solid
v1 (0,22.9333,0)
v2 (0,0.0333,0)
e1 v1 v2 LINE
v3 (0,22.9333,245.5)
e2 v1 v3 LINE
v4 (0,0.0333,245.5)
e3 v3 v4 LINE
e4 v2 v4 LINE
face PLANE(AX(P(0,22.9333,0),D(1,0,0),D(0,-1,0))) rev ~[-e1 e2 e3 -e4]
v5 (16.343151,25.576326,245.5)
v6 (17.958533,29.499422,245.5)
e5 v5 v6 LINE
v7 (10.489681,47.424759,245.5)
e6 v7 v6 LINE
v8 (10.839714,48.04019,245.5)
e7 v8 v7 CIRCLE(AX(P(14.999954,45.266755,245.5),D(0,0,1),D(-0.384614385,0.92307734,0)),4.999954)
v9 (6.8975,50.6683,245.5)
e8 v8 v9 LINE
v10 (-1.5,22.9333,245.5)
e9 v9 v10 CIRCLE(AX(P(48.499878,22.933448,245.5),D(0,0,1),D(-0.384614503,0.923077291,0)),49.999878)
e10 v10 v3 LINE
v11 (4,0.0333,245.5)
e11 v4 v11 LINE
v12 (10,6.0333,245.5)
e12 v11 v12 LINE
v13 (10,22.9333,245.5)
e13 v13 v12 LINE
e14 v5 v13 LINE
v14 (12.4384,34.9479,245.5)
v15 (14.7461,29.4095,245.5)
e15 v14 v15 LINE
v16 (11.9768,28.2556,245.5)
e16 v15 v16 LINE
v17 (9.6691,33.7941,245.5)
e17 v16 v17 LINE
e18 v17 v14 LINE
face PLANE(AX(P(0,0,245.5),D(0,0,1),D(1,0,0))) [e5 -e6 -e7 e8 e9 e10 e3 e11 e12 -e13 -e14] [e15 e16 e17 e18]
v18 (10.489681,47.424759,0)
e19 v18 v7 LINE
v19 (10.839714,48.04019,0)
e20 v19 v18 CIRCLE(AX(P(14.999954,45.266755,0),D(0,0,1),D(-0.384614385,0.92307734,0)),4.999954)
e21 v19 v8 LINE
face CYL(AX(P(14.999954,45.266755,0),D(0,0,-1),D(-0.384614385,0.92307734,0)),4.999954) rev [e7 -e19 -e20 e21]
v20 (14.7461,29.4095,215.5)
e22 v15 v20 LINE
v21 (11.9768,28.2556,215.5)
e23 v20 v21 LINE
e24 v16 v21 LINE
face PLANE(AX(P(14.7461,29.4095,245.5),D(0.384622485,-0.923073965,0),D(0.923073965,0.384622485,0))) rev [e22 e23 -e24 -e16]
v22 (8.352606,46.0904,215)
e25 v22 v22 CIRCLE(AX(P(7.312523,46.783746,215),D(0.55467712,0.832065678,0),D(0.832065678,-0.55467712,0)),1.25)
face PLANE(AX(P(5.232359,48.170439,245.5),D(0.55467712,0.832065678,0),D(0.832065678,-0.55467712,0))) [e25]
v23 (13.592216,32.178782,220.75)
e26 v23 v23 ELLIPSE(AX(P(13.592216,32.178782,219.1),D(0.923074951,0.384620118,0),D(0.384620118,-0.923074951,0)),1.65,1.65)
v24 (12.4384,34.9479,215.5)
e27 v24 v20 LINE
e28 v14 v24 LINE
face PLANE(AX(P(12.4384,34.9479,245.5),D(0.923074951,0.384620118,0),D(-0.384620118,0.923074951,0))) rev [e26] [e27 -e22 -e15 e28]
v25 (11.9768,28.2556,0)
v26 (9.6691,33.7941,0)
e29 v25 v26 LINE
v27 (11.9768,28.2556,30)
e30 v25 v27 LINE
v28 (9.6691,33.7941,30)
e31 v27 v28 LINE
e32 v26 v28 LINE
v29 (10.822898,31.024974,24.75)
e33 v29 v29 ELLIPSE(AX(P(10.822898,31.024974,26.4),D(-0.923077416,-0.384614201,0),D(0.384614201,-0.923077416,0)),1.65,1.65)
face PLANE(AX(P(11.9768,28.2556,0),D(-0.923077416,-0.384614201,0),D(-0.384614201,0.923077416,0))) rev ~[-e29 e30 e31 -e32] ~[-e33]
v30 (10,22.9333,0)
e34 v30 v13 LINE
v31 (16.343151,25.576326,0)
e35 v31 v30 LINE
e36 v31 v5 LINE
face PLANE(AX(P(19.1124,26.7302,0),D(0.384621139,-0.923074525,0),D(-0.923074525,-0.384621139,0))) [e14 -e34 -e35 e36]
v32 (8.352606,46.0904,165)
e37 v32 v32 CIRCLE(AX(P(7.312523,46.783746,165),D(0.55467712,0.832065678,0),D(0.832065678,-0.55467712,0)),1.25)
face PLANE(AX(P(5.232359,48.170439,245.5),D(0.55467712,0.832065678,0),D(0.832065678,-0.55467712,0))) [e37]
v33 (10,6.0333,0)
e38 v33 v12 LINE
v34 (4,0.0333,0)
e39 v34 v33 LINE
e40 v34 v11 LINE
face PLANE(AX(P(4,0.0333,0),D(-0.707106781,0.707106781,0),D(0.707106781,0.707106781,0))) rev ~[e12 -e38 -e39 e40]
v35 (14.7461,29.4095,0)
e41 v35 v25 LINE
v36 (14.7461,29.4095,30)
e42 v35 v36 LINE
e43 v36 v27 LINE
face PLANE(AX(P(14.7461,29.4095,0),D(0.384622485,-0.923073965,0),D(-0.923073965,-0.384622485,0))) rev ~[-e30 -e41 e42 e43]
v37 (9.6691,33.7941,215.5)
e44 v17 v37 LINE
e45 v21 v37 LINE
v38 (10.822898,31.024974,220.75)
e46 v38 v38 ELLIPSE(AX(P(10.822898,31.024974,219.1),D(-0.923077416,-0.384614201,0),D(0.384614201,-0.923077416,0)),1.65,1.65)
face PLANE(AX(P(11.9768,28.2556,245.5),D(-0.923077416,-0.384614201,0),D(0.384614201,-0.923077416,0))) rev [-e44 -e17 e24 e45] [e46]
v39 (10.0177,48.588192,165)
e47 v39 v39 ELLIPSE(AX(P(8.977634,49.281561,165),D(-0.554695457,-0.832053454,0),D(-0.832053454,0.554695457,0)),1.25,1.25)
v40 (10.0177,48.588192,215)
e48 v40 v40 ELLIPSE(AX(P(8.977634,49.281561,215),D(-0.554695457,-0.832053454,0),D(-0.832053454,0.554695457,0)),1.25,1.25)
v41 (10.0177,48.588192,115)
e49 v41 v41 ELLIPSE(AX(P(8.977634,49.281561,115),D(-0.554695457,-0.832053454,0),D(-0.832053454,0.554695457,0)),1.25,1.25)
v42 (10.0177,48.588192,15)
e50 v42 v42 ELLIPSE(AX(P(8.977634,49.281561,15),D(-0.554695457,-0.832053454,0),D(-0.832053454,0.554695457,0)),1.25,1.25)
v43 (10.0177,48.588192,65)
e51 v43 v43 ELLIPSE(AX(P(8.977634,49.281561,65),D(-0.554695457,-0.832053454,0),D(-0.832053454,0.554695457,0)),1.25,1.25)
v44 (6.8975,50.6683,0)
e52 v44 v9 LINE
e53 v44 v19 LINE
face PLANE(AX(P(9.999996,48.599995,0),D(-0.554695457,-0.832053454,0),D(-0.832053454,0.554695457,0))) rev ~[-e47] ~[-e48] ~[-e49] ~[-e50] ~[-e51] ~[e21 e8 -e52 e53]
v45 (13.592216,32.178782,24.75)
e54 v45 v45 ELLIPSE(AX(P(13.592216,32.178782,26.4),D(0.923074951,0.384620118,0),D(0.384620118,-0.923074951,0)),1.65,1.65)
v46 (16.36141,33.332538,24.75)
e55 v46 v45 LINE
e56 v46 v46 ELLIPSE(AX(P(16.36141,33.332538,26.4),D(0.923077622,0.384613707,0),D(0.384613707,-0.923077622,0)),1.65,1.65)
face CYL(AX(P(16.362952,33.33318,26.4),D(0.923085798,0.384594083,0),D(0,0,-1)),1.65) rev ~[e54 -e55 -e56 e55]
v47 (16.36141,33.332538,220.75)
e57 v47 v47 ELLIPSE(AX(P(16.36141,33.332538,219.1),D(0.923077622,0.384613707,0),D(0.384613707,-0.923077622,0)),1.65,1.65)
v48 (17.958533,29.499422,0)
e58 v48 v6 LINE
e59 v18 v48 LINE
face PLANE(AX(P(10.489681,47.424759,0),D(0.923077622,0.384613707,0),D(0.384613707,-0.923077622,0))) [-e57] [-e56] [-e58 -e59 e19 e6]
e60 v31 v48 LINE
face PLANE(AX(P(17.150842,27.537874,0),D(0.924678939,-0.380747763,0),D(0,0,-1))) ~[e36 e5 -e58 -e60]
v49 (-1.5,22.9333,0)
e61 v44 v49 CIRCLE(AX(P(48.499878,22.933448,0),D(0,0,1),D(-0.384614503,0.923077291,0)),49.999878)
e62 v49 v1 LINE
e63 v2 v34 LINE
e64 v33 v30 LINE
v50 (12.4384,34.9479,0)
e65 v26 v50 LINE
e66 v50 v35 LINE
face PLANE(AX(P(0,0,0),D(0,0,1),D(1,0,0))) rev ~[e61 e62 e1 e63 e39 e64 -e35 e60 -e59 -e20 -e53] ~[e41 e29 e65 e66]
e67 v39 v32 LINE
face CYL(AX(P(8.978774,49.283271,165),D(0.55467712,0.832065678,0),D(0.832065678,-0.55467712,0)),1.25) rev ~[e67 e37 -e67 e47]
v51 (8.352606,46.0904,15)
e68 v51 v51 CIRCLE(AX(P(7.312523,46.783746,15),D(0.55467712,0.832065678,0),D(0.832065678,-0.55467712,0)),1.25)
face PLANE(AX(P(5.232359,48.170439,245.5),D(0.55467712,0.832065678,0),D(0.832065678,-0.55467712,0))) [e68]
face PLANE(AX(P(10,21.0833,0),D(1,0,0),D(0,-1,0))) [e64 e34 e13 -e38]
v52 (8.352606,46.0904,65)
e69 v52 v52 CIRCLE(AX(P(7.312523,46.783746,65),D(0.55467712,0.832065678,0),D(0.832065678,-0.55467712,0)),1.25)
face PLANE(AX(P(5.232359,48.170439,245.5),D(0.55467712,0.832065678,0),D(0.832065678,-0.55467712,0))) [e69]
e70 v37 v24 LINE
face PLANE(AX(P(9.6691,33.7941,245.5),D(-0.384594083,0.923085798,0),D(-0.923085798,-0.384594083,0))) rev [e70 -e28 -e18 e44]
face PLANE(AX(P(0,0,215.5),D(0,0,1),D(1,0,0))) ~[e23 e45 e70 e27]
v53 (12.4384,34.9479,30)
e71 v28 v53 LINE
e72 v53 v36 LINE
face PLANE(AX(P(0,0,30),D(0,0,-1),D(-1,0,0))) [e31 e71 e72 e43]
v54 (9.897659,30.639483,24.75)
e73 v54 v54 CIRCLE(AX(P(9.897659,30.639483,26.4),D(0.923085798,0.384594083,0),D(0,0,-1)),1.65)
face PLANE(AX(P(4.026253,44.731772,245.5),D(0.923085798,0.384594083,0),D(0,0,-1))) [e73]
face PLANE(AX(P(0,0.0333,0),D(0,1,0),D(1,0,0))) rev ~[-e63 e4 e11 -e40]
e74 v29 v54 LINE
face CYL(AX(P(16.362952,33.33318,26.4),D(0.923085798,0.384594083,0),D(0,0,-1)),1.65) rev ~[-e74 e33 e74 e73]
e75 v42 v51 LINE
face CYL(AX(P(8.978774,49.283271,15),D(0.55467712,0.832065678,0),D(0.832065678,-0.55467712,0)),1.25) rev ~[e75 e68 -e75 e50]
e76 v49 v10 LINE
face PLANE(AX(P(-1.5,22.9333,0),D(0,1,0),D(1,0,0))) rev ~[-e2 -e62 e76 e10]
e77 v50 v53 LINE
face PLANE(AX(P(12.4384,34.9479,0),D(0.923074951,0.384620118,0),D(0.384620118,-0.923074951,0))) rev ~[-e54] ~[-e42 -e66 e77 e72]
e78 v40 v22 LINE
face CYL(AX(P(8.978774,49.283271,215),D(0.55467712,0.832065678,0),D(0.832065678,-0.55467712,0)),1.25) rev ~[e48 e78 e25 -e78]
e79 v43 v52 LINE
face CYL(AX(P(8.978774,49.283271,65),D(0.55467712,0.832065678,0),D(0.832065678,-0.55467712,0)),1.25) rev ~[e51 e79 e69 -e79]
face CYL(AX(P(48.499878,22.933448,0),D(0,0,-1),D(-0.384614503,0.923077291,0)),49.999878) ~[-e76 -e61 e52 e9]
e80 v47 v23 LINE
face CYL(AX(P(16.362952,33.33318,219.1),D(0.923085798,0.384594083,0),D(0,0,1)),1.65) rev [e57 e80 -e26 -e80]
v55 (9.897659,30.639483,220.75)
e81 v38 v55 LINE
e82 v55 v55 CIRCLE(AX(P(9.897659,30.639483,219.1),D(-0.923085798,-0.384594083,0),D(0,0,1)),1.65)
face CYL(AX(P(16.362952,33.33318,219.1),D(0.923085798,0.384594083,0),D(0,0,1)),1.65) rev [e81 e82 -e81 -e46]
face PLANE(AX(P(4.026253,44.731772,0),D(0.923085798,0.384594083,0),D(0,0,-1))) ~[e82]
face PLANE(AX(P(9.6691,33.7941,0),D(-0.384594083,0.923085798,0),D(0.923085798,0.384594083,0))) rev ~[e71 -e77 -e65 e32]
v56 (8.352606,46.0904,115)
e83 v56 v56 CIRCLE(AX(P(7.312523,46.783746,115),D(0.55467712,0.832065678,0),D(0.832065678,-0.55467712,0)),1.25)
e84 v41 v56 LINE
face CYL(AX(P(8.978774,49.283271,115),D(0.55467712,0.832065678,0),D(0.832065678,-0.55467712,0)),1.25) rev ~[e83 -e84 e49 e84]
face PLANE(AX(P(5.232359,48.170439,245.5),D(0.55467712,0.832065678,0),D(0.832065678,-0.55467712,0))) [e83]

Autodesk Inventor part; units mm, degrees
ref_plane "YZ Plane" through (0, 0, 0) normal (1, 0, 0) x (0, 1, 0)
ref_plane "Work Plane1" through (0, 0, 0) normal (0, 0, 1) x (1, 0, 0)
sketch "Sketch1" plane through (0, 0, 0) normal (0, 0, 1) x (1, 0, 0)
  line L0 (10, 0) -> (-1.5, 0) projected
  line L1 (10, 45.2667) -> (10, 0) projected
  arc A0 (13.0769, 49.8821) -> (10, 45.2667) centre (15, 45.2667) ccw projected
  line L2 (54.8615, 67.2923) -> (13.0769, 49.8821) projected
  line L3 (50.4385, 77.9077) -> (54.8615, 67.2923) projected
  line L4 (50.4385, 77.9077) -> (29.2692, 69.0872) projected
  arc A1 (29.2692, 69.0872) -> (-1.5, 22.9333) centre (48.5, 22.9333) ccw projected
  line L5 (-1.5, 0) -> (-1.5, 22.9333) projected
  line L6 (15, 45.2667) -> (6.8975, 50.6683)
  line L7 (10, 48.6) -> (19.7692, 25.1538) projected
  line L8 (35.4, 31.6667) -> (10, 21.0833) projected
  line L9 (19.1124, 26.7302) -> (10, 22.9333)
  line L10 (-1.5, 22.9333) -> (10, 22.9333)
  line L11 (-1.5, 22.9333) -> (0, 22.9333)
  line L12 (0, 22.9333) -> (0, -23.4445)
  line L13 (0, -23.4445) -> (-1.5, -23.4445)
  line L14 (-1.5, -23.4445) -> (-1.5, 22.9333)
  line L15 (0, 0.0333) -> (4, 0.0333)
  line L16 (4, 0.0333) -> (10, 6.0333)
  point P0 (0, 0)
  point P1 (10.4897, 47.4247)
  point P2 (10.8397, 48.0402)
  point P3 (10, 48.6)
  point P4 (0, 22.9333)
  dimension "d3" = 1.5
  dimension "d4" = 4
  dimension "d5" = 45
  dimension "d6" = 22.9
extrude "Extrusion1" add sketch "Sketch1" along normal blind 245.5 contours L16 L15 L12 L10 L1 | A1 L6 L7 A0 L1 L10 | L1 A0 L7 L9 | L6 A0 L7
sketch "Sketch2" plane through (6.8975, 50.6683, 245.5) normal (0.5547, 0.8321, 0) x (0.8321, -0.5547, 0)
  line L0 (4.738, 245.5) -> (0, 245.5) projected
  line L1 (0, 245.5) -> (0, 0) projected
  line L2 (4.738, 0) -> (0, 0) projected
  line L3 (4.738, 245.5) -> (4.738, 0) projected
  circle A0 centre (2.5, 230.5) radius 1.25
  circle A1 centre (2.5, 180.5) radius 1.25
  circle A2 centre (2.5, 130.5) radius 1.25
  circle A3 centre (2.5, 80.5) radius 1.25
  circle A4 centre (2.5, 30.5) radius 1.25
  point P0 (22.3667, 245.5)
  dimension "d7" = 2.5
  dimension "d8" = 2.5
  dimension "d9" = 15
  dimension "d12" = 50
extrude "Extrusion2" cut sketch "Sketch2" against normal blind 3 contours A0 | A1 | A2 | A3 | A4
sketch "Sketch3" plane through (0, 0, 0) normal (0, 0, -1) x (-1, 0, 0)
  line L0 (-10, 6.0333) -> (-10, 22.9333) projected
  line L1 (-4, 0.0333) -> (-10, 6.0333) projected
  line L2 (0, 0.0333) -> (-4, 0.0333) projected
  line L3 (0, 22.9333) -> (0, 0.0333) projected
  line L4 (1.5, 22.9333) -> (0, 22.9333) projected
  arc A0 (1.5, 22.9333) -> (-6.8975, 50.6683) centre (-48.5, 22.9333) ccw projected
  line L5 (-10.8397, 48.0402) -> (-6.8975, 50.6683) projected
  arc A1 (-10.4897, 47.4247) -> (-10.8397, 48.0402) centre (-15, 45.2667) ccw projected
  line L6 (-19.1124, 26.7302) -> (-10.4897, 47.4247) projected
  line L7 (-10, 22.9333) -> (-19.1124, 26.7302) projected
  line L8 (-12.4384, 34.9479) -> (-14.7461, 29.4095)
  line L9 (-14.7461, 29.4095) -> (-11.9768, 28.2556)
  line L10 (-11.9768, 28.2556) -> (-9.6691, 33.7941)
  line L11 (-9.6691, 33.7941) -> (-12.4384, 34.9479)
  point P0 (0, 0)
  dimension "d19" = 12.7
  dimension "d20" = 6
  dimension "d21" = 3
  dimension "d22" = 3
extrude "Extrusion3" cut sketch "Sketch3" against normal blind 30 contours L11 L10 L9 L8
sketch "Sketch4" plane through (10.4897, 47.4247, 245.5) normal (0.9231, 0.3846, 0) x (0, 0, -1)
  line L0 (245.5, -22.4191) -> (245.5, 0) projected
  line L1 (245.5, 0) -> (0, 0) projected
  line L2 (0, -22.4191) -> (0, 0) projected
  line L3 (245.5, -22.4191) -> (0, -22.4191) projected
  line L4 (245.5, -18.2665) -> (245.5, -12.2665) construction
  line L5 (245.5, -18.2665) -> (215.5, -18.2665) projected
  line L6 (215.5, -18.2665) -> (215.5, -12.2665) projected
  line L7 (245.5, -12.2665) -> (215.5, -12.2665) projected
  circle A0 centre (219.1, -15.2665) radius 1.65
  line L8 (220.7743, -18.1665) -> (217.4257, -18.1665)
  line L9 (217.4257, -18.1665) -> (215.7514, -15.2665)
  line L10 (215.7514, -15.2665) -> (217.4257, -12.3665)
  line L11 (217.4257, -12.3665) -> (220.7743, -12.3665)
  line L12 (220.7743, -12.3665) -> (222.4486, -15.2665)
  line L13 (222.4486, -15.2665) -> (220.7743, -18.1665)
  point P0 (245.5, -39.7422)
  point P1 (215.5, -15.2665)
  dimension "d25" = 3.3
  dimension "d26" = 3.6
  dimension "d27" = 5.8
extrude "Extrusion4" cut sketch "Sketch4" against normal blind 7 contours A0
ref_plane "Work Plane2" through (0, 0, 122.75) normal (0, 0, 1) x (1, 0, 0)
mirror "Mirror1" about plane through (0, 0, 122.75) normal (0, 0, 1) of "Extrusion4", "Extrusion3"
chamfer "Chamfer1" distance 3 angle 45 1 edges at (19.1124, 26.7302, 122.75)
properties part number "ESQUINA_REDONDEADA_R50_P2"
